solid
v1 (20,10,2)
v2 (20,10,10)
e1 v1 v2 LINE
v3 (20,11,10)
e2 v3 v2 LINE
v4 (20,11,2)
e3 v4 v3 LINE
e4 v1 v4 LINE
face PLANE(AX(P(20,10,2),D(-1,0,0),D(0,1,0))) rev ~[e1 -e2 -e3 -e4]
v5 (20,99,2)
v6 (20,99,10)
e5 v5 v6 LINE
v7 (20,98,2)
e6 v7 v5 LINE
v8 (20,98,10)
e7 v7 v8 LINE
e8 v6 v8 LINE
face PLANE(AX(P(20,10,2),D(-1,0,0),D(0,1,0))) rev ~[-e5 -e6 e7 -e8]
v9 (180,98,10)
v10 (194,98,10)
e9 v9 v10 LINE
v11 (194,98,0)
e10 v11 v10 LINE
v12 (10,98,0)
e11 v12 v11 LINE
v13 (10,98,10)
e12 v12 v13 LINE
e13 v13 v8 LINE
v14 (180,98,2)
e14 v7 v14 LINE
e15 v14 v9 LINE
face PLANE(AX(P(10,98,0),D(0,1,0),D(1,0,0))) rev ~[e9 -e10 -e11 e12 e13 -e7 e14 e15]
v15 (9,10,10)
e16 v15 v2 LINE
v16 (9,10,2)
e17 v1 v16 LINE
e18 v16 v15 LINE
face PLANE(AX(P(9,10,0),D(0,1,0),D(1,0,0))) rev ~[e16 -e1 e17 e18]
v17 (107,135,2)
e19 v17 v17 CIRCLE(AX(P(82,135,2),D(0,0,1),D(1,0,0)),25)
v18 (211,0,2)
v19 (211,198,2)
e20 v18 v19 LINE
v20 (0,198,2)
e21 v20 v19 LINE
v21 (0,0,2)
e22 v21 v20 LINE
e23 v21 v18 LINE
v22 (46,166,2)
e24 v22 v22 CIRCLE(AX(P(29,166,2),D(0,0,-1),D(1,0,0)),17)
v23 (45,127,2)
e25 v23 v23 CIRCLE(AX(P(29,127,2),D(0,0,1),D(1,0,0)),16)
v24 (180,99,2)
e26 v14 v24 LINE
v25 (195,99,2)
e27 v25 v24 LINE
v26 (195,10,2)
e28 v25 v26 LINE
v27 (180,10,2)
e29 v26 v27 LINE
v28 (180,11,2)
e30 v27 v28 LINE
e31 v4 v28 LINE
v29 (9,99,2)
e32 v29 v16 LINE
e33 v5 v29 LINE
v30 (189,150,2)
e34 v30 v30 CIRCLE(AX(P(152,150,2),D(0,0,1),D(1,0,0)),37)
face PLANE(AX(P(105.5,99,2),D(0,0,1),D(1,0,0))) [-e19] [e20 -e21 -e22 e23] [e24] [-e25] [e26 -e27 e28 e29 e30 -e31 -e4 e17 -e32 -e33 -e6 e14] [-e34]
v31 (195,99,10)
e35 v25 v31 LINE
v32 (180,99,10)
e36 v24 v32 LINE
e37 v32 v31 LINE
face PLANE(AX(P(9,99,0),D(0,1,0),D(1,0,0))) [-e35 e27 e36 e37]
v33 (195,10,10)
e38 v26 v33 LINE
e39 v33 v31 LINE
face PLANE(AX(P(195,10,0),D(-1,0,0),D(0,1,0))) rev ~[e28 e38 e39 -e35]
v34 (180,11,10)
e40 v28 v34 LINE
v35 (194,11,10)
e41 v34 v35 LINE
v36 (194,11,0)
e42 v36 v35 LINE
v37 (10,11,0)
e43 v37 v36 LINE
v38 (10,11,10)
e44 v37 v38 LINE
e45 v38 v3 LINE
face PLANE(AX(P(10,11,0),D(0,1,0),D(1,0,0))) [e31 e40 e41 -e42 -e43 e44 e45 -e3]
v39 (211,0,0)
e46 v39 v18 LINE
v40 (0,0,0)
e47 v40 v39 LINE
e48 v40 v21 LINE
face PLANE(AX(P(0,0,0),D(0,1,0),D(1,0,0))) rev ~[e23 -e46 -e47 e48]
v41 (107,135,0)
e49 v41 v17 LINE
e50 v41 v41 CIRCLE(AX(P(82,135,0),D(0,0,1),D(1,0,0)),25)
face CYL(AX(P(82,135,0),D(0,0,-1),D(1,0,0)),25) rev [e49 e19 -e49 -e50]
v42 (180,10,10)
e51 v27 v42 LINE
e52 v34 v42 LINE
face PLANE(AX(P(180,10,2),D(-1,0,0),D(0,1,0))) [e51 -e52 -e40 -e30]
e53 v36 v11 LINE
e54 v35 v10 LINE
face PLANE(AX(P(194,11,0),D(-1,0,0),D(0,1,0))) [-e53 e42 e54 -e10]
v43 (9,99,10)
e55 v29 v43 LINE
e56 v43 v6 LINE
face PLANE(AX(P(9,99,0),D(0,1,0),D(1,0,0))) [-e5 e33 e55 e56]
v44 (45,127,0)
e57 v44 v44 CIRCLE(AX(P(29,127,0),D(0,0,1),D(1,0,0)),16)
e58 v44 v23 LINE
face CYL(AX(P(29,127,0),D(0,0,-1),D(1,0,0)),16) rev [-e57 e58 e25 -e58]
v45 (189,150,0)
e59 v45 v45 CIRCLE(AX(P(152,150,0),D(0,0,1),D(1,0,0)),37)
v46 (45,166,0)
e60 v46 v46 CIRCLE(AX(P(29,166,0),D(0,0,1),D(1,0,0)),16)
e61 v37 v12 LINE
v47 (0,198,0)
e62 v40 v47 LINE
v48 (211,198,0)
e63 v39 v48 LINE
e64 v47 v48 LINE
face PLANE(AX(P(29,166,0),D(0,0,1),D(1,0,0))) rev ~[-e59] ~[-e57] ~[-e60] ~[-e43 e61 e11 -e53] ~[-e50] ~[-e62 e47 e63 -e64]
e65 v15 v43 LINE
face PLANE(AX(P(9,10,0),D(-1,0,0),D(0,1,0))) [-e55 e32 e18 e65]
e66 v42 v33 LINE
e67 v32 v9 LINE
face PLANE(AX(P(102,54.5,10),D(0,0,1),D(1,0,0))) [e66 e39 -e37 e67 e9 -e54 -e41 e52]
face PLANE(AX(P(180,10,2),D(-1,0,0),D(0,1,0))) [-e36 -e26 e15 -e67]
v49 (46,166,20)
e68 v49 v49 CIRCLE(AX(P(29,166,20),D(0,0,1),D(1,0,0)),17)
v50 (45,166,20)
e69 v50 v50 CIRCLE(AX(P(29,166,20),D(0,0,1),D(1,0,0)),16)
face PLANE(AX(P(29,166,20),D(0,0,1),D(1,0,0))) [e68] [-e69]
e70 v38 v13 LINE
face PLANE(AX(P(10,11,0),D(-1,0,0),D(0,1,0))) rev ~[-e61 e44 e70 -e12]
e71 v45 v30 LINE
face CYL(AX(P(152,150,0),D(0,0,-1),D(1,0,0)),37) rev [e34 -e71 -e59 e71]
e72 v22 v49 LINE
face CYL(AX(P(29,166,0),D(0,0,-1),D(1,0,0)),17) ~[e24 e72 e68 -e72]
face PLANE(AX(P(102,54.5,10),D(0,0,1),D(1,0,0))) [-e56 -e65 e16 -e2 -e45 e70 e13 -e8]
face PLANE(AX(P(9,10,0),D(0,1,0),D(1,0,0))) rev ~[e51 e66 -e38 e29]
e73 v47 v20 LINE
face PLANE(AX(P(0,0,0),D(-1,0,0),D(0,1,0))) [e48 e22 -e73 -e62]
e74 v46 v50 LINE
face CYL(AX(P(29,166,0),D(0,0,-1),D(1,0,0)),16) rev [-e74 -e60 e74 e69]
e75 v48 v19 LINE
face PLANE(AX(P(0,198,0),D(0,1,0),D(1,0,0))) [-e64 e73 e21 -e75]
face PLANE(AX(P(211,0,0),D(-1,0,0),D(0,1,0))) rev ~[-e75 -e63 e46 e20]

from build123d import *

# Parameters (mm, degrees)
BOX_W             = 211
BOX_H             = 198
BOX_DEPTH         = 2
BOX001_W          = 186
BOX001_H          = 89
BOX001_DEPTH      = 10
BOX002_W          = 184
BOX002_H          = 87
BOX002_DEPTH      = 10
BOX003_W          = 160
BOX003_H          = 89
BOX003_DEPTH      = 10
CYLINDER_R        = 16
CYLINDER_DEPTH    = 2
CYLINDER001_R     = 25
CYLINDER001_DEPTH = 2
CYLINDER002_R     = 17
CYLINDER002_DEPTH = 20
CYLINDER003_R     = 16
CYLINDER003_DEPTH = 20
CYLINDER004_R     = 37
CYLINDER004_DEPTH = 2


with BuildPart() as part:
    # Box → Box (join)
    with BuildSketch(Plane.XY):
        with Locations((105.5, 99)):
            Rectangle(BOX_W, BOX_H)
    extrude(amount=BOX_DEPTH)

    # Box001 → Box001 (join)
    with BuildSketch(Plane(origin=(9, 10, 0), x_dir=(1, 0, 0), z_dir=(0, 0, 1))):
        with Locations((93, 44.5)):
            Rectangle(BOX001_W, BOX001_H)
    extrude(amount=BOX001_DEPTH)

    # Box002 → Box002 (cut)
    with BuildSketch(Plane(origin=(10, 11, 0), x_dir=(1, 0, 0), z_dir=(0, 0, 1))):
        with Locations((92, 43.5)):
            Rectangle(BOX002_W, BOX002_H)
    extrude(amount=BOX002_DEPTH, mode=Mode.SUBTRACT)

    # Box003 → Box003 (cut)
    with BuildSketch(Plane(origin=(20, 10, 2), x_dir=(1, 0, 0), z_dir=(0, 0, 1))):
        with Locations((80, 44.5)):
            Rectangle(BOX003_W, BOX003_H)
    extrude(amount=BOX003_DEPTH, mode=Mode.SUBTRACT)

    # Cylinder → Cylinder (cut)
    with BuildSketch(Plane(origin=(29, 127, 0), x_dir=(1, 0, 0), z_dir=(0, 0, 1))):
        Circle(CYLINDER_R)
    extrude(amount=CYLINDER_DEPTH, mode=Mode.SUBTRACT)

    # Cylinder001 → Cylinder001 (cut)
    with BuildSketch(Plane(origin=(82, 135, 0), x_dir=(1, 0, 0), z_dir=(0, 0, 1))):
        Circle(CYLINDER001_R)
    extrude(amount=CYLINDER001_DEPTH, mode=Mode.SUBTRACT)

    # Cylinder002 → Cylinder002 (join)
    with BuildSketch(Plane(origin=(29, 166, 0), x_dir=(1, 0, 0), z_dir=(0, 0, 1))):
        Circle(CYLINDER002_R)
    extrude(amount=CYLINDER002_DEPTH)

    # Cylinder003 → Cylinder003 (cut)
    with BuildSketch(Plane(origin=(29, 166, 0), x_dir=(1, 0, 0), z_dir=(0, 0, 1))):
        Circle(CYLINDER003_R)
    extrude(amount=CYLINDER003_DEPTH, mode=Mode.SUBTRACT)

    # Cylinder004 → Cylinder004 (cut)
    with BuildSketch(Plane(origin=(152, 150, 0), x_dir=(1, 0, 0), z_dir=(0, 0, 1))):
        Circle(CYLINDER004_R)
    extrude(amount=CYLINDER004_DEPTH, mode=Mode.SUBTRACT)


solid = part.part
